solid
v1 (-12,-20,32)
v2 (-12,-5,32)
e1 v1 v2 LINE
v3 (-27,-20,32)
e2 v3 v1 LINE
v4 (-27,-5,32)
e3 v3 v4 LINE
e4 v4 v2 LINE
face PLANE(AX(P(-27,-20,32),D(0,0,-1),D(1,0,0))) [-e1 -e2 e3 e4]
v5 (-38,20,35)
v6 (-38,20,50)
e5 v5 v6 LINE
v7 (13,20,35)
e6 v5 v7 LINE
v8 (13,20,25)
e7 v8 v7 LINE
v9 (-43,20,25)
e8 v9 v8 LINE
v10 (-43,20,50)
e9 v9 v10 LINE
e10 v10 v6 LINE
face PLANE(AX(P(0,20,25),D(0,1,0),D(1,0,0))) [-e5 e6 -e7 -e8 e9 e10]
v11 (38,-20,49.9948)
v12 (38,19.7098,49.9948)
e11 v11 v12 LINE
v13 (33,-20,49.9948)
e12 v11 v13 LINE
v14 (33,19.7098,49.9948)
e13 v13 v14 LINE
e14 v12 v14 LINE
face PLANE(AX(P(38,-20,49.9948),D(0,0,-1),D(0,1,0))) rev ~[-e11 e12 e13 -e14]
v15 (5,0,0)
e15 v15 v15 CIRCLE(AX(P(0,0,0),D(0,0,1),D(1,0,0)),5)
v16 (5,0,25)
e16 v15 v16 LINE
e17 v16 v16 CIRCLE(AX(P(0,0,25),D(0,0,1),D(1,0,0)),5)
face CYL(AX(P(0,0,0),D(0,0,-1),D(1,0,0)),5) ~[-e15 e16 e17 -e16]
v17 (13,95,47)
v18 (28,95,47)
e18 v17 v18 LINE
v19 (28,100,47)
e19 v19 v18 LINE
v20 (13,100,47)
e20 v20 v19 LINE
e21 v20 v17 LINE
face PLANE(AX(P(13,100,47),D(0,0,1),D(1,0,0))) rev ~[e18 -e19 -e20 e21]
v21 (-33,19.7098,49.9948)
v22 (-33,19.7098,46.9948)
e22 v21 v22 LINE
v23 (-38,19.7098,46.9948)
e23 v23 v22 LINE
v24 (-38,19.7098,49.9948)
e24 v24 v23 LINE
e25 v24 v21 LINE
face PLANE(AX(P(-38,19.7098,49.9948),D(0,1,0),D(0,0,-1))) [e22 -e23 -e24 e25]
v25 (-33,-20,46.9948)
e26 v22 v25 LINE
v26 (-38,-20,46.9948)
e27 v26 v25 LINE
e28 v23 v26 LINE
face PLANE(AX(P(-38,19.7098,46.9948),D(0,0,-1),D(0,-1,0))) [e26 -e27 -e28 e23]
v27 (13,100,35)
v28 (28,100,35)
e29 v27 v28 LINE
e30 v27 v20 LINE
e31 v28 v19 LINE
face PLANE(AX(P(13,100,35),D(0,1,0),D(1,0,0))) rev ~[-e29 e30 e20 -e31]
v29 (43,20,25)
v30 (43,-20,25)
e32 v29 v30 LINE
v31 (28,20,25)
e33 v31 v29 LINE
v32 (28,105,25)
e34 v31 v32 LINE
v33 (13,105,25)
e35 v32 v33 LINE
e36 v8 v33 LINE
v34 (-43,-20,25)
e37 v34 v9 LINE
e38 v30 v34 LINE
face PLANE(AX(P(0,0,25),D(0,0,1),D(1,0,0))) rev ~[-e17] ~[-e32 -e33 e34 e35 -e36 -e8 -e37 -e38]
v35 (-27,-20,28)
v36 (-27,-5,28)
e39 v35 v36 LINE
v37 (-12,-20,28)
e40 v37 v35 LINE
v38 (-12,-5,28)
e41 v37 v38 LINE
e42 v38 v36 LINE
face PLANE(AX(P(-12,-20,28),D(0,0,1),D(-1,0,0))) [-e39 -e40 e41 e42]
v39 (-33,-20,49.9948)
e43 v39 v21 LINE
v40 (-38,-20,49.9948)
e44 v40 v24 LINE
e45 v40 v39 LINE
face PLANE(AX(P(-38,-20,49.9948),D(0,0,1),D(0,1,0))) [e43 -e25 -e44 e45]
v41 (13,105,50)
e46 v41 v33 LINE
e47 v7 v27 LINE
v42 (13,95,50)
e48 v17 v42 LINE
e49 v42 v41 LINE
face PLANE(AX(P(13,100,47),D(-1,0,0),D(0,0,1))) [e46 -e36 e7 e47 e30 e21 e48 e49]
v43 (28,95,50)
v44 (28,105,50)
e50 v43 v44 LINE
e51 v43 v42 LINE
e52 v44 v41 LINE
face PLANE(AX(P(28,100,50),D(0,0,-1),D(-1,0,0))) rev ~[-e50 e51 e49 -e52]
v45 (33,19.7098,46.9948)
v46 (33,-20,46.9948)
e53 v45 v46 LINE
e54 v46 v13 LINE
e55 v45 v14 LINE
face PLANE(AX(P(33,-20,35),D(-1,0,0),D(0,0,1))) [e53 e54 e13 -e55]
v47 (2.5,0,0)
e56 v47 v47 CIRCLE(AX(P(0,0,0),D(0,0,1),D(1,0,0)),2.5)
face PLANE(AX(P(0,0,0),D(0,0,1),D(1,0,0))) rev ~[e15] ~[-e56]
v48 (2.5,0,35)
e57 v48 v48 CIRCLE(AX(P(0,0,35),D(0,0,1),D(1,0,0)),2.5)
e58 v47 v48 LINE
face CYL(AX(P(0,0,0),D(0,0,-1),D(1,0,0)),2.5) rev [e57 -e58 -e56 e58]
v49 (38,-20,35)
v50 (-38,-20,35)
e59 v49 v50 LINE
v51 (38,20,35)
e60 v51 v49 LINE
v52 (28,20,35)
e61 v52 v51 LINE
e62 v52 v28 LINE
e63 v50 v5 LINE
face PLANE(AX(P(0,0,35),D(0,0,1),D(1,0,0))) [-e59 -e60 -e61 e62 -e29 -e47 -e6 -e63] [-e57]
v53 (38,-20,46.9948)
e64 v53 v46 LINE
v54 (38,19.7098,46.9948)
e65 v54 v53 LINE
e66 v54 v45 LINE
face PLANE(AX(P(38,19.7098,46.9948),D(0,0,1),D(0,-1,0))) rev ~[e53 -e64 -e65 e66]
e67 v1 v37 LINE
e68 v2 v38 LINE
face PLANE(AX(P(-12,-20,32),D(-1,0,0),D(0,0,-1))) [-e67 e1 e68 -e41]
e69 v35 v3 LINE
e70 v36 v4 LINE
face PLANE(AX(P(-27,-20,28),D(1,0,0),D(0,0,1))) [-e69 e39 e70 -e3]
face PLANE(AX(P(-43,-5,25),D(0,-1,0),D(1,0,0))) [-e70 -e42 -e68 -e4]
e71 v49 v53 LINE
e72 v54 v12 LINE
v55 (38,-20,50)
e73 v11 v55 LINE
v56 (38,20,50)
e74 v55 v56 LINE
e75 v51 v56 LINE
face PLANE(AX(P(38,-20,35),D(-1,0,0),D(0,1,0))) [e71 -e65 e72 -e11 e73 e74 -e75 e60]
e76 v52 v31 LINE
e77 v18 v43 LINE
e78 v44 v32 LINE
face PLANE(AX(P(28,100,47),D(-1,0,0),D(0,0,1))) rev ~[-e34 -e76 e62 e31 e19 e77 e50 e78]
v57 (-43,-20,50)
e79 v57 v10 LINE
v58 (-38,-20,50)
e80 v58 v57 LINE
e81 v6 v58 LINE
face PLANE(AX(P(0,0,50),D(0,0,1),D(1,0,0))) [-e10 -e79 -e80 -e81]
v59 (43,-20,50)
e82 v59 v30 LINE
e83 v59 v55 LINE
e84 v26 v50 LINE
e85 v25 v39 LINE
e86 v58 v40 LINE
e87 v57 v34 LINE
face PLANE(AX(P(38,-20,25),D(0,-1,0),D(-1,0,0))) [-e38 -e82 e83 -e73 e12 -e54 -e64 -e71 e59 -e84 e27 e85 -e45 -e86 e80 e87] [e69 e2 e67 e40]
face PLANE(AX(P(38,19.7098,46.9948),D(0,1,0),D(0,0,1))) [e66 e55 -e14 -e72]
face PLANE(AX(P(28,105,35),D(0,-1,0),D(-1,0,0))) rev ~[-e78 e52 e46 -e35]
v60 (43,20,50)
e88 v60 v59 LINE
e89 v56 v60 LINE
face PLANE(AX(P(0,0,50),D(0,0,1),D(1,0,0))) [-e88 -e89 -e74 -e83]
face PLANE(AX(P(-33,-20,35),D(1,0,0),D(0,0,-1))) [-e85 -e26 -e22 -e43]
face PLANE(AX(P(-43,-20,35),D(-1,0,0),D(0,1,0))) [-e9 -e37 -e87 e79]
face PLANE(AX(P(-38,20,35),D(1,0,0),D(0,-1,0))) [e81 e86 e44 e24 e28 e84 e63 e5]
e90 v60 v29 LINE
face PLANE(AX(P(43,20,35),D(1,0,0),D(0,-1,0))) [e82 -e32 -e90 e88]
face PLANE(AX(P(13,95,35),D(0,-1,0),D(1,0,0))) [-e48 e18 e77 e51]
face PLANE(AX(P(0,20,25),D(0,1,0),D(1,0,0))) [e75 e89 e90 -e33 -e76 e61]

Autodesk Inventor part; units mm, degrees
ref_plane "YZ Plane" through (0, 0, 0) normal (1, 0, 0) x (0, 1, 0)
ref_plane "XZ Plane" through (0, 0, 0) normal (0, 1, 0) x (-1, 0, 0)
ref_plane "XY Plane" through (0, 0, 0) normal (0, 0, 1) x (1, 0, 0)
sketch "Sketch1" plane through (0, 0, 0) normal (0, 0, 1) x (1, 0, 0)
  circle A0 centre (0, 0) radius 5
  circle A1 centre (0, 0) radius 2.5
  dimension "d0" = 10
  dimension "d1" = 5
extrude "Extrusion1" add sketch "Sketch1" along normal blind 25
sketch "Sketch2" plane through (0, 0, 25) normal (0, 0, 1) x (1, 0, 0)
  line L0 (0, 20) -> (38, 20)
  line L1 (38, 20) -> (38, -20)
  line L2 (38, -20) -> (-38, -20)
  line L3 (-38, -20) -> (-38, 20)
  line L4 (-38, 20) -> (0, 20)
  circle A0 centre (0, 0) radius 2.5
  dimension "d4" = 20
  dimension "d6" = 38
  dimension "d7" = 40
  dimension "d8" = 76
  dimension "d9" = 40
extrude "Extrusion2" add sketch "Sketch2" along normal blind 10
sketch "Sketch3" plane through (0, 0, 35) normal (0, 0, 1) x (1, 0, 0)
  line L0 (38, 20) -> (-38, 20) projected
  line L1 (38, 20) -> (43, 20)
  line L2 (43, 20) -> (43, -20)
  line L3 (43, -20) -> (38, -20)
  line L4 (38, -20) -> (38, 20)
  line L5 (-38, 20) -> (-38, -20) projected
  line L6 (-38, -20) -> (-43, -20)
  line L7 (-43, -20) -> (-43, 20)
  line L8 (-43, 20) -> (-38, 20)
  line L9 (-38, 20) -> (-38, -20)
  point P0 (0, 0)
  dimension "d12" = 5
  dimension "d13" = 40
  dimension "d14" = 5
extrude "Extrusion3" add sketch "Sketch3" along normal blind 15 and the other way blind 10
sketch "Sketch4" plane through (-38, -20, 35) normal (1, 0, 0) x (0, 0, -1)
  point P0 (35, 20)
sketch "Sketch5" plane through (-38, -20, 35) normal (1, 0, 0) x (0, 0, -1)
  line L0 (0, 0) -> (-15, 0) projected
  line L1 (-14.9948, 39.7098) -> (-11.9948, 39.7098)
  line L2 (-11.9948, 39.7098) -> (-11.9948, 0)
  line L3 (-11.9948, 0) -> (-14.9948, 0)
  line L4 (-14.9948, 0) -> (-14.9948, 39.7098)
  point P0 (35, 20)
  dimension "d19" = 3
extrude "Extrusion4" add sketch "Sketch5" along normal blind 5
sketch "Sketch6" plane through (38, -20, 35) normal (-1, 0, 0) x (0, 0, 1)
  line L0 (11.9948, 39.7098) -> (14.9948, 39.7098) projected
  line L1 (11.9948, 39.7098) -> (11.9948, 0) projected
  line L2 (14.9948, 39.7098) -> (11.9948, 39.7098)
  line L3 (11.9948, 39.7098) -> (11.9948, 0)
  line L4 (11.9948, 0) -> (14.9948, 0)
  line L5 (14.9948, 0) -> (14.9948, 39.7098)
  point P0 (-35, 20)
extrude "Extrusion5" add sketch "Sketch6" along normal blind 5
sketch "Sketch11" plane through (-43, 20, 25) normal (0, 1, 0) x (1, 0, 0)
  line L0 (5, -10) -> (81, -10) projected
  line L1 (86, 0) -> (0, 0) projected
  line L2 (56, -10) -> (71, -10)
  line L3 (71, -10) -> (71, 0)
  line L4 (71, 0) -> (56, 0)
  line L5 (56, 0) -> (56, -10)
  point P0 (43, 25)
  dimension "d39" = 15
extrude "Extrusion8" add sketch "Sketch11" along normal blind 85
sketch "Sketch12" plane through (0, 0, 35) normal (0, 0, 1) x (1, 0, 0)
  line L0 (13, 20) -> (13, 105) projected
  line L1 (13, 105) -> (13, 100)
  line L2 (13, 100) -> (28, 100)
  line L3 (28, 100) -> (28, 105)
  line L4 (28, 105) -> (13, 105)
  point P0 (0, 0)
  dimension "d42" = 5
  dimension "d43" = 15
extrude "Extrusion9" add sketch "Sketch12" along normal blind 15
sketch "Sketch13" plane through (13, 100, 35) normal (0, -1, 0) x (1, 0, 0)
  line L0 (0, -10) -> (0, 15) projected
  line L1 (0, 15) -> (0, 12)
  line L2 (0, 12) -> (15, 12)
  line L3 (15, 12) -> (15, 15)
  line L4 (15, 15) -> (0, 15)
  point P0 (-13, -35)
  dimension "d46" = 3
  dimension "d47" = 15
extrude "Extrusion10" add sketch "Sketch13" along normal blind 5
sketch "Sketch14" plane through (-43, -20, 25) normal (0, -1, 0) x (1, 0, 0)
  line L0 (0, 0) -> (86, 0) projected
  line L1 (43, 0) -> (31, 0)
  point P0 (43, -25)
  point P1 (56, 0)
  dimension "d50" = 12
sketch "Sketch15" plane through (-43, -20, 25) normal (0, -1, 0) x (1, 0, 0)
  line L0 (48, 0) -> (38, 0) projected
  line L1 (43, 0) -> (31, 0)
  line L2 (31, 0) -> (31, 3)
  line L3 (31, 3) -> (16, 3)
  line L4 (16, 3) -> (16, 7)
  line L5 (16, 7) -> (31, 7)
  line L6 (31, 7) -> (31, 3)
  point P0 (43, -25)
  dimension "d51" = 12
  dimension "d52" = 3
  dimension "d53" = 15
  dimension "d54" = 4
extrude "Extrusion11" cut sketch "Sketch15" against normal blind 15
properties part number "Holder"
